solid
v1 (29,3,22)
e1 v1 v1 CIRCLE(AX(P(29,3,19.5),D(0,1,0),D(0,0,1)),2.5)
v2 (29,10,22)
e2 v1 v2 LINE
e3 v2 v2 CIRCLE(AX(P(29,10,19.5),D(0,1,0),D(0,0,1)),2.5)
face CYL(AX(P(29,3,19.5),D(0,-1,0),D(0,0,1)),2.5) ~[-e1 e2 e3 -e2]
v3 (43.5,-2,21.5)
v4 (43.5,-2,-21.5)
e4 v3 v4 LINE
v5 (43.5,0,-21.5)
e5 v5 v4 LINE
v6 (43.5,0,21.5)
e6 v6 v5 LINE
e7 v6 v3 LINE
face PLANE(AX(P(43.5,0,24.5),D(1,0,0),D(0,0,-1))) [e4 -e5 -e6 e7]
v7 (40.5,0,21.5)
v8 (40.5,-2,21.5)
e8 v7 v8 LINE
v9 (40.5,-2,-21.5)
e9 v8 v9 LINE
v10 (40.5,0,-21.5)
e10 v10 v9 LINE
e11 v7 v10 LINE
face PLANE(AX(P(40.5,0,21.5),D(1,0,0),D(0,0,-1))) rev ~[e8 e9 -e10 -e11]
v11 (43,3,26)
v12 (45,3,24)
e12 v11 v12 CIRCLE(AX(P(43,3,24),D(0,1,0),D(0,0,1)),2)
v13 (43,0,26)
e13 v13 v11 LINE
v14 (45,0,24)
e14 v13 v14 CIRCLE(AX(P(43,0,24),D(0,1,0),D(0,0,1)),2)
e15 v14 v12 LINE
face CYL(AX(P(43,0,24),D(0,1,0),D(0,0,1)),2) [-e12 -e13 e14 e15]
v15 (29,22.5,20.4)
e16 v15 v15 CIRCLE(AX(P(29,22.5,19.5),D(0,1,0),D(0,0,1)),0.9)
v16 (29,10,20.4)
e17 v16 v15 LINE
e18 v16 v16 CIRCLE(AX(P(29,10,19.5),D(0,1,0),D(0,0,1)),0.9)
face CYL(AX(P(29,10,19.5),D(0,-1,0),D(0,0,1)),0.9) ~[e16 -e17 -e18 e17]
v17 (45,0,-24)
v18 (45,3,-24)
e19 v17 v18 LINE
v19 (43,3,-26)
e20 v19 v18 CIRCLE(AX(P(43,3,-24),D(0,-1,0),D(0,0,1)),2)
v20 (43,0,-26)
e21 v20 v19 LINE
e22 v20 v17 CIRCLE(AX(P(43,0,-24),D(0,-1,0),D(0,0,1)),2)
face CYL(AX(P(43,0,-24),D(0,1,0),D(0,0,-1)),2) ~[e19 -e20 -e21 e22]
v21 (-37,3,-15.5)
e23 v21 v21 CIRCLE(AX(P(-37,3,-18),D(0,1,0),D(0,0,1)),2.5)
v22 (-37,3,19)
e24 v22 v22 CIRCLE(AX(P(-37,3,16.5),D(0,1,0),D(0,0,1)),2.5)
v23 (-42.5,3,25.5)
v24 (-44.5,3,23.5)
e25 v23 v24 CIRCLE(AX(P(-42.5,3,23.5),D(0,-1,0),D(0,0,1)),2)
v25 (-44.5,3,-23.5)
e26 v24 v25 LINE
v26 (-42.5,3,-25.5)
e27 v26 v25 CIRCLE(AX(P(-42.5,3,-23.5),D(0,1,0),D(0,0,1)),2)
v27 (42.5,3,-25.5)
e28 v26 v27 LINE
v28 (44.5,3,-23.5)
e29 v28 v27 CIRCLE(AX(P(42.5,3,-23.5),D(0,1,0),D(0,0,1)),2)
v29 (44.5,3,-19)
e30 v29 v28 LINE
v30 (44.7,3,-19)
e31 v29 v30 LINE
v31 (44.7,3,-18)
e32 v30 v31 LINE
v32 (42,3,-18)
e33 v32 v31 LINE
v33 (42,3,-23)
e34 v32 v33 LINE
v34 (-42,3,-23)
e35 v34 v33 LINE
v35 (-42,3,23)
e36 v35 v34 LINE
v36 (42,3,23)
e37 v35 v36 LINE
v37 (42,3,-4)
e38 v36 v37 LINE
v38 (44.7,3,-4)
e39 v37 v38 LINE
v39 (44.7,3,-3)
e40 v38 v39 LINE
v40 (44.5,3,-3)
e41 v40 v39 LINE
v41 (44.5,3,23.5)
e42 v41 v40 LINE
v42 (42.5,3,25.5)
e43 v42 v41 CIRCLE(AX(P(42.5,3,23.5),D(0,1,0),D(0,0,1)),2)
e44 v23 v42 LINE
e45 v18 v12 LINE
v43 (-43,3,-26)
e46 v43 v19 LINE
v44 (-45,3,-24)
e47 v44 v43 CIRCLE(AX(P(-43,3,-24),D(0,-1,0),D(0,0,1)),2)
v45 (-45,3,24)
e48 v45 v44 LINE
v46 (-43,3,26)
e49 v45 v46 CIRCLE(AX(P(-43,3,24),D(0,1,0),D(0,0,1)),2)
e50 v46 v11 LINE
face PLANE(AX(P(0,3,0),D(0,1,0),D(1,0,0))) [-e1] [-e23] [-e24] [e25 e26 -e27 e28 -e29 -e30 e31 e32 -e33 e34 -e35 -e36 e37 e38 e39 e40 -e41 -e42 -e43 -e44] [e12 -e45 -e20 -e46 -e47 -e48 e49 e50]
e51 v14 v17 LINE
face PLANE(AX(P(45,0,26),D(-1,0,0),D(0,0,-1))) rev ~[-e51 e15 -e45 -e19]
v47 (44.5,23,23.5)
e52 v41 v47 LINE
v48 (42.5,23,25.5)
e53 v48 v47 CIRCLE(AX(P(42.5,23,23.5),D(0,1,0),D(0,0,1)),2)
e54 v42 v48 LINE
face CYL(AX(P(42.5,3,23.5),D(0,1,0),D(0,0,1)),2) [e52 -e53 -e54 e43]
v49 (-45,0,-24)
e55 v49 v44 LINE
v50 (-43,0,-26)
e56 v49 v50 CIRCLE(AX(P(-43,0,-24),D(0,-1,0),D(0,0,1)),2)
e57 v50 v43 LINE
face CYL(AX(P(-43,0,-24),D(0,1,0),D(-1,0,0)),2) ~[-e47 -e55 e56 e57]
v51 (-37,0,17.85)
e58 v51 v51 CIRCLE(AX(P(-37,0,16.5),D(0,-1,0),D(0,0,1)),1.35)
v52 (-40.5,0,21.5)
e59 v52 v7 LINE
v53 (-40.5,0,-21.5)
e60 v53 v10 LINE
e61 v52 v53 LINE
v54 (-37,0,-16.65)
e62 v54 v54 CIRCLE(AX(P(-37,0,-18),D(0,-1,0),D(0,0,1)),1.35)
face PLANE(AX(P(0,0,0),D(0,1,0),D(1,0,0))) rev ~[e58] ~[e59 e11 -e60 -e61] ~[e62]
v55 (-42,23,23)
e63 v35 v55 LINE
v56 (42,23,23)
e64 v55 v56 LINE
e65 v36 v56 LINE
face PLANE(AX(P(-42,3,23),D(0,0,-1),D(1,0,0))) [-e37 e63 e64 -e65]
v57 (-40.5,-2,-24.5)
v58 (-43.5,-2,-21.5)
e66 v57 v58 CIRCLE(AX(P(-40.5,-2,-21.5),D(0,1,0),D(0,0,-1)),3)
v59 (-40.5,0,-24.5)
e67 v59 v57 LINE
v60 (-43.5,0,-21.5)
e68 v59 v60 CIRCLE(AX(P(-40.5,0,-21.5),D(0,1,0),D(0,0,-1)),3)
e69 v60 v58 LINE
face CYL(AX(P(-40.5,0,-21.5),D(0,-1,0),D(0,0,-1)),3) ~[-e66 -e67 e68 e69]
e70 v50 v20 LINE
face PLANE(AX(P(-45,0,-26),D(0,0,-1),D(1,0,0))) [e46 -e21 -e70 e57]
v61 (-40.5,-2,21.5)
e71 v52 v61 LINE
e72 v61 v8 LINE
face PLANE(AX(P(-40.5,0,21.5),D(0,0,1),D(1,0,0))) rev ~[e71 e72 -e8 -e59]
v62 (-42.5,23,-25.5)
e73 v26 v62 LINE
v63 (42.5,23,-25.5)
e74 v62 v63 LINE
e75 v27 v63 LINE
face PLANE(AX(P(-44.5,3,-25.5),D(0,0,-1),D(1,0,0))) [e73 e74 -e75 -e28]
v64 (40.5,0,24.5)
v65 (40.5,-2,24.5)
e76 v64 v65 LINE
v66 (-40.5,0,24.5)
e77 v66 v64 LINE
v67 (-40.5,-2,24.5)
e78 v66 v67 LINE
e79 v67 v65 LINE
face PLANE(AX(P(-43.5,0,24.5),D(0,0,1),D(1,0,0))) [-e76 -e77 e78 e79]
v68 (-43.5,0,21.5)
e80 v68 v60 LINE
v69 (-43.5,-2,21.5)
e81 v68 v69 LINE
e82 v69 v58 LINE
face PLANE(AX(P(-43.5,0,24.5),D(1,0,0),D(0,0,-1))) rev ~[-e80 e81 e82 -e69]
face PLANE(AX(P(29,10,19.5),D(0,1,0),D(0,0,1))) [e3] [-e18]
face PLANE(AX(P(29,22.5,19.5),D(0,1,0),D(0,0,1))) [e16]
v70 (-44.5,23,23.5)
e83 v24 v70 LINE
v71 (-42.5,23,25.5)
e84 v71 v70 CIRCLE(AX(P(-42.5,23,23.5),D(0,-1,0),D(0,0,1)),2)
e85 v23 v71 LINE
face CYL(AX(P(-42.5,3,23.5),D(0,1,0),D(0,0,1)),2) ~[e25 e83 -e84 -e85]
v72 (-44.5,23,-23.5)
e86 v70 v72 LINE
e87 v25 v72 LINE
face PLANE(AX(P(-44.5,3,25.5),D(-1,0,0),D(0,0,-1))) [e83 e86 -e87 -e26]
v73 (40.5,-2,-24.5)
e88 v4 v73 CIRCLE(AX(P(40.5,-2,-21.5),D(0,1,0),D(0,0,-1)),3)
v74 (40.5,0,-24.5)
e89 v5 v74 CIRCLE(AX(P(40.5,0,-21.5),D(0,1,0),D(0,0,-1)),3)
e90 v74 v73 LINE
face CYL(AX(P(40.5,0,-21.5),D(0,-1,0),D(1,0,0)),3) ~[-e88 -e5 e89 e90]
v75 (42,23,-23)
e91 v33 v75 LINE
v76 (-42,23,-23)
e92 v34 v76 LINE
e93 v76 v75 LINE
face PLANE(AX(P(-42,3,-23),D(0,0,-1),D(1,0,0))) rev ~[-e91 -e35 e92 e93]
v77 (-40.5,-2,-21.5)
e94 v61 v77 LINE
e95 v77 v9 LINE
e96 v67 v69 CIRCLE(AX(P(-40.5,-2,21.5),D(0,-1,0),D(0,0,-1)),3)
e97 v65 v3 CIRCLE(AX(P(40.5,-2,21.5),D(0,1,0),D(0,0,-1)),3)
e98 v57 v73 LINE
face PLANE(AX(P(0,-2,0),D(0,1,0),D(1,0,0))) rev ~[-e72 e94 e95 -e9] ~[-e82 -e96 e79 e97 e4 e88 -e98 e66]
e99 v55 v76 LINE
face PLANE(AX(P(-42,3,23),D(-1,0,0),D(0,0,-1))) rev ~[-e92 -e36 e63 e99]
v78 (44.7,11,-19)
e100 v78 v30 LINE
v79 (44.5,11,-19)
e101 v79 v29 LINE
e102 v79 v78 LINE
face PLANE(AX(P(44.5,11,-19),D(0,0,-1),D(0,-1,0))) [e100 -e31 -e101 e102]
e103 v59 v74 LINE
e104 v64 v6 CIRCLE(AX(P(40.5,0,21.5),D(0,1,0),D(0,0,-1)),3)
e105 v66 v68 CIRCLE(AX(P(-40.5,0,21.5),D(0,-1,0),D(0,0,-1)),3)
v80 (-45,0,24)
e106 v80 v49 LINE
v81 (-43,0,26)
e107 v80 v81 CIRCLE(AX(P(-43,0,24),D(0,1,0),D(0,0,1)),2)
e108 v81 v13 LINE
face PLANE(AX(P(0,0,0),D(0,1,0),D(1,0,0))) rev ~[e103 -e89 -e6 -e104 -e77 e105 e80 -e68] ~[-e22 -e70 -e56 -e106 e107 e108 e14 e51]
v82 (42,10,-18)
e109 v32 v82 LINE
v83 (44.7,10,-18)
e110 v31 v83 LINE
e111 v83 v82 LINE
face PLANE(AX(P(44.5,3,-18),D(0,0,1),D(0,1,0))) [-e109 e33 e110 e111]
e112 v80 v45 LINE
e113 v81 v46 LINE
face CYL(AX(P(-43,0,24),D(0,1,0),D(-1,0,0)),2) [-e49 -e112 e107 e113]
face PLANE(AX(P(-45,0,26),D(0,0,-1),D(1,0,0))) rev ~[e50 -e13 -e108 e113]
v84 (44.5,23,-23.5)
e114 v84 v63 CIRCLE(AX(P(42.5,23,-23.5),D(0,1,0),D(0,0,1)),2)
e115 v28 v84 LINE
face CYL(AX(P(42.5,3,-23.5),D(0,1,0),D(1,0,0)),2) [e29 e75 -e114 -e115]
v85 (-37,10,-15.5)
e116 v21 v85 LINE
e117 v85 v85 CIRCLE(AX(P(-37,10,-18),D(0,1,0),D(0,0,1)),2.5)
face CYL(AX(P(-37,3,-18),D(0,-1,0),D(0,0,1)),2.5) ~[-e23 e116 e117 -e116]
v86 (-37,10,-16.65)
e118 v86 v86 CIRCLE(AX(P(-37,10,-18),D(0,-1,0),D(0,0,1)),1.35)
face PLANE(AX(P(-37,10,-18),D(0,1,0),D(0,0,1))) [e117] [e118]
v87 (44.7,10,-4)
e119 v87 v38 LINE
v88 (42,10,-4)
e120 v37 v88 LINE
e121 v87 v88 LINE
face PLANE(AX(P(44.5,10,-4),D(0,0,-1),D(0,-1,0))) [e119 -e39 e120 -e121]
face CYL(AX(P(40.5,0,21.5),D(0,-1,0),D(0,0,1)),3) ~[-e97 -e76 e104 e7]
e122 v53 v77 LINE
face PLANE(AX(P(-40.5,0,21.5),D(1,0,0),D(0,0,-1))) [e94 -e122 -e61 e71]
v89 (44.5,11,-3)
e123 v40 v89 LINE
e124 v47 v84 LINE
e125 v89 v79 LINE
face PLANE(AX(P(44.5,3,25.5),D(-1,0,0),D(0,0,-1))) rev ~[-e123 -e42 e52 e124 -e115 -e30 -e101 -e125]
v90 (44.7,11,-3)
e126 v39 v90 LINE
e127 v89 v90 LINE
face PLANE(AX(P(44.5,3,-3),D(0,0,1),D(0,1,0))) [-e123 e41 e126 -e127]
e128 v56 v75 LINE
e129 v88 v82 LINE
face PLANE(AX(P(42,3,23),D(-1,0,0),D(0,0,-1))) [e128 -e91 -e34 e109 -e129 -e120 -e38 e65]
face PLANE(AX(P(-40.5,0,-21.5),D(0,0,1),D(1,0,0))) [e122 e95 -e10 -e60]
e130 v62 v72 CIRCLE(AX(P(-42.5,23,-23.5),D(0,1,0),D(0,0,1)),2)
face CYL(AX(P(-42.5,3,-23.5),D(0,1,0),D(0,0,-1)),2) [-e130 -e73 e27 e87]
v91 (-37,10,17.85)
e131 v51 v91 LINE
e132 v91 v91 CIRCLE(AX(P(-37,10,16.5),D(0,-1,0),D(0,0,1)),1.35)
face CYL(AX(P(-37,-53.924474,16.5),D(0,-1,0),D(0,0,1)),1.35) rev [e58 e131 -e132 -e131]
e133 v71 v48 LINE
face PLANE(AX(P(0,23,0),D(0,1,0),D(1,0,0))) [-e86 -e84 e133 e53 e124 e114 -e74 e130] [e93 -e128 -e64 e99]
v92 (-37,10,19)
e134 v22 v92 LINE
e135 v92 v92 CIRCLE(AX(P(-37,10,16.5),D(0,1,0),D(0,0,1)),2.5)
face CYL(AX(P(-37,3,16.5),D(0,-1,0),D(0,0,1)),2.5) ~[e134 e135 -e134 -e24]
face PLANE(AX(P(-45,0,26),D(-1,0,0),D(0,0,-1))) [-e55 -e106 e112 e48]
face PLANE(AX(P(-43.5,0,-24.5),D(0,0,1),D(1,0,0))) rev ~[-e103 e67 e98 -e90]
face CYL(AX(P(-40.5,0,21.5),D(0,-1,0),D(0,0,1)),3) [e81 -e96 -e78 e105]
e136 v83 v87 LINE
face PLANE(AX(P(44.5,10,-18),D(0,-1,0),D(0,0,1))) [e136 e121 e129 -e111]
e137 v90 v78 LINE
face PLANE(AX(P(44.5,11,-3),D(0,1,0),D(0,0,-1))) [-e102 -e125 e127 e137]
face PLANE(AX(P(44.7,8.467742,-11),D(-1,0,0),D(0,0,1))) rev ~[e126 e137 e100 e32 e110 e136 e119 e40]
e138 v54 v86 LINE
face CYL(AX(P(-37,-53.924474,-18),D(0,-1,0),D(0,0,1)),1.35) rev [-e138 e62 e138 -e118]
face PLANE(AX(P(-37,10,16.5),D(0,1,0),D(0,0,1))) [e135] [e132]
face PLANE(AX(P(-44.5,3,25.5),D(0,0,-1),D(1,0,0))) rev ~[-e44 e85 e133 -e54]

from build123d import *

# Parameters (mm, degrees)
SKETCH1_W               = 90
SKETCH1_H               = 52
BOSS_EXTRUDE1_DEPTH     = 3
BOSS_EXTRUDE2_START     = 3
SKETCH4_R               = 2.5
BOSS_EXTRUDE2_DEPTH     = 7
CUT_EXTRUDE2_DEPTH      = 53.92447449
CUT_EXTRUDE2_DEPTH_BACK = 63.92447449
CUT_EXTRUDE2_START      = 10
SKETCH5_R               = 1.35
BOSS_EXTRUDE3_START     = 10
SKETCH6_R               = 0.9
BOSS_EXTRUDE3_DEPTH     = 12.5
SKETCH7_W               = 87
SKETCH7_H               = 49
SKETCH7_W_2             = 81
SKETCH7_H_2             = 43
BOSS_EXTRUDE4_DEPTH     = 2
FILLET1_R               = 3
BOSS_EXTRUDE8_START     = 3
SKETCH8_W               = 89
SKETCH8_H               = 51
SKETCH8_W_2             = 84
SKETCH8_H_2             = 46
BOSS_EXTRUDE8_DEPTH     = 20
FILLET2_R               = 2
CUT_EXTRUDE3_START      = 42
SKETCH9_W               = 14
SKETCH9_H               = 7
CUT_EXTRUDE3_DEPTH      = 15
BOSS_EXTRUDE9_START     = 44.5
BOSS_EXTRUDE9_DEPTH     = 0.2


with BuildPart() as part:
    # Sketch1 → Boss-Extrude1 (new body)
    with BuildSketch(Plane(origin=(0, 0, 0), x_dir=(1, 0, 0), z_dir=(0, 1, 0))):
        Rectangle(SKETCH1_W, SKETCH1_H)
    extrude(amount=BOSS_EXTRUDE1_DEPTH)

    # Sketch4 → Boss-Extrude2 (add)
    with BuildSketch(Plane(origin=(0, 0, 0), x_dir=(1, 0, 0), z_dir=(0, 1, 0)).offset(BOSS_EXTRUDE2_START)):
        with Locations(Location((29, -19.5, 0), (0, 0, 270))):
            Circle(SKETCH4_R)
        with Locations(Location((-37, 18, 0), (0, 0, 270))):
            Circle(SKETCH4_R)
        with Locations(Location((-37, -16.5, 0), (0, 0, 270))):
            Circle(SKETCH4_R)
    extrude(amount=BOSS_EXTRUDE2_DEPTH)

    # Sketch5 → Cut-Extrude2 (cut, two sides: drawn at the far end of the back side and taken through both)
    with BuildSketch(Plane(origin=(0, 0, 0), x_dir=(1, 0, 0), z_dir=(0, 1, 0)).offset(CUT_EXTRUDE2_START - CUT_EXTRUDE2_DEPTH_BACK)):
        with Locations(Location((-37, 18, 0), (0, 0, 270))):
            Circle(SKETCH5_R)
        with Locations(Location((-37, -16.5, 0), (0, 0, 270))):
            Circle(SKETCH5_R)
    extrude(amount=CUT_EXTRUDE2_DEPTH + CUT_EXTRUDE2_DEPTH_BACK, mode=Mode.SUBTRACT)

    # Sketch6 → Boss-Extrude3 (add)
    with BuildSketch(Plane(origin=(0, 0, 0), x_dir=(1, 0, 0), z_dir=(0, 1, 0)).offset(BOSS_EXTRUDE3_START)):
        with Locations(Location((29, -19.5, 0), (0, 0, 270))):
            Circle(SKETCH6_R)
    extrude(amount=BOSS_EXTRUDE3_DEPTH)

    # Sketch7 → Boss-Extrude4 (add)
    with BuildSketch(Plane(origin=(0, 0, 0), x_dir=(1, 0, 0), z_dir=(0, 1, 0))):
        Rectangle(SKETCH7_W, SKETCH7_H)
        Rectangle(SKETCH7_W_2, SKETCH7_H_2, mode=Mode.SUBTRACT)
    extrude(amount=-BOSS_EXTRUDE4_DEPTH)

    # Fillet1
    fillet1_edges = [part.edges().sort_by_distance(p)[0] for p in [
        (43.5, -1, -24.5),
        (43.5, -1, 24.5),
        (-43.5, -1, 24.5),
        (-43.5, -1, -24.5),
    ]]
    fillet(fillet1_edges, radius=FILLET1_R)

    # Sketch8 → Boss-Extrude8 (add)
    with BuildSketch(Plane(origin=(0, 0, 0), x_dir=(1, 0, 0), z_dir=(0, 1, 0)).offset(BOSS_EXTRUDE8_START)):
        Rectangle(SKETCH8_W, SKETCH8_H)
        Rectangle(SKETCH8_W_2, SKETCH8_H_2, mode=Mode.SUBTRACT)
    extrude(amount=BOSS_EXTRUDE8_DEPTH)

    # Fillet2
    fillet2_edges = [part.edges().sort_by_distance(p)[0] for p in [
        (44.5, 13, -25.5),
        (-44.5, 13, -25.5),
        (-44.5, 13, 25.5),
        (44.5, 13, 25.5),
        (-45, 1.5, -26),
        (45, 1.5, -26),
        (45, 1.5, 26),
        (-45, 1.5, 26),
    ]]
    fillet(fillet2_edges, radius=FILLET2_R)

    # Sketch9 → Cut-Extrude3 (cut)
    with BuildSketch(Plane(origin=(0, 0, 0), x_dir=(0, 0, -1), z_dir=(1, 0, 0)).offset(CUT_EXTRUDE3_START)):
        with Locations((11, 6.5)):
            Rectangle(SKETCH9_W, SKETCH9_H)
    extrude(amount=CUT_EXTRUDE3_DEPTH, mode=Mode.SUBTRACT)

    # Sketch10 → Boss-Extrude9 (add)
    with BuildSketch(Plane(origin=(0, 0, 0), x_dir=(0, 0, -1), z_dir=(1, 0, 0)).offset(BOSS_EXTRUDE9_START)):
        Polygon((18, 3), (18, 10), (4, 10), (4, 3), (3, 3), (3, 11), (19, 11), (19, 3), align=None)
    extrude(amount=BOSS_EXTRUDE9_DEPTH)


solid = part.part
